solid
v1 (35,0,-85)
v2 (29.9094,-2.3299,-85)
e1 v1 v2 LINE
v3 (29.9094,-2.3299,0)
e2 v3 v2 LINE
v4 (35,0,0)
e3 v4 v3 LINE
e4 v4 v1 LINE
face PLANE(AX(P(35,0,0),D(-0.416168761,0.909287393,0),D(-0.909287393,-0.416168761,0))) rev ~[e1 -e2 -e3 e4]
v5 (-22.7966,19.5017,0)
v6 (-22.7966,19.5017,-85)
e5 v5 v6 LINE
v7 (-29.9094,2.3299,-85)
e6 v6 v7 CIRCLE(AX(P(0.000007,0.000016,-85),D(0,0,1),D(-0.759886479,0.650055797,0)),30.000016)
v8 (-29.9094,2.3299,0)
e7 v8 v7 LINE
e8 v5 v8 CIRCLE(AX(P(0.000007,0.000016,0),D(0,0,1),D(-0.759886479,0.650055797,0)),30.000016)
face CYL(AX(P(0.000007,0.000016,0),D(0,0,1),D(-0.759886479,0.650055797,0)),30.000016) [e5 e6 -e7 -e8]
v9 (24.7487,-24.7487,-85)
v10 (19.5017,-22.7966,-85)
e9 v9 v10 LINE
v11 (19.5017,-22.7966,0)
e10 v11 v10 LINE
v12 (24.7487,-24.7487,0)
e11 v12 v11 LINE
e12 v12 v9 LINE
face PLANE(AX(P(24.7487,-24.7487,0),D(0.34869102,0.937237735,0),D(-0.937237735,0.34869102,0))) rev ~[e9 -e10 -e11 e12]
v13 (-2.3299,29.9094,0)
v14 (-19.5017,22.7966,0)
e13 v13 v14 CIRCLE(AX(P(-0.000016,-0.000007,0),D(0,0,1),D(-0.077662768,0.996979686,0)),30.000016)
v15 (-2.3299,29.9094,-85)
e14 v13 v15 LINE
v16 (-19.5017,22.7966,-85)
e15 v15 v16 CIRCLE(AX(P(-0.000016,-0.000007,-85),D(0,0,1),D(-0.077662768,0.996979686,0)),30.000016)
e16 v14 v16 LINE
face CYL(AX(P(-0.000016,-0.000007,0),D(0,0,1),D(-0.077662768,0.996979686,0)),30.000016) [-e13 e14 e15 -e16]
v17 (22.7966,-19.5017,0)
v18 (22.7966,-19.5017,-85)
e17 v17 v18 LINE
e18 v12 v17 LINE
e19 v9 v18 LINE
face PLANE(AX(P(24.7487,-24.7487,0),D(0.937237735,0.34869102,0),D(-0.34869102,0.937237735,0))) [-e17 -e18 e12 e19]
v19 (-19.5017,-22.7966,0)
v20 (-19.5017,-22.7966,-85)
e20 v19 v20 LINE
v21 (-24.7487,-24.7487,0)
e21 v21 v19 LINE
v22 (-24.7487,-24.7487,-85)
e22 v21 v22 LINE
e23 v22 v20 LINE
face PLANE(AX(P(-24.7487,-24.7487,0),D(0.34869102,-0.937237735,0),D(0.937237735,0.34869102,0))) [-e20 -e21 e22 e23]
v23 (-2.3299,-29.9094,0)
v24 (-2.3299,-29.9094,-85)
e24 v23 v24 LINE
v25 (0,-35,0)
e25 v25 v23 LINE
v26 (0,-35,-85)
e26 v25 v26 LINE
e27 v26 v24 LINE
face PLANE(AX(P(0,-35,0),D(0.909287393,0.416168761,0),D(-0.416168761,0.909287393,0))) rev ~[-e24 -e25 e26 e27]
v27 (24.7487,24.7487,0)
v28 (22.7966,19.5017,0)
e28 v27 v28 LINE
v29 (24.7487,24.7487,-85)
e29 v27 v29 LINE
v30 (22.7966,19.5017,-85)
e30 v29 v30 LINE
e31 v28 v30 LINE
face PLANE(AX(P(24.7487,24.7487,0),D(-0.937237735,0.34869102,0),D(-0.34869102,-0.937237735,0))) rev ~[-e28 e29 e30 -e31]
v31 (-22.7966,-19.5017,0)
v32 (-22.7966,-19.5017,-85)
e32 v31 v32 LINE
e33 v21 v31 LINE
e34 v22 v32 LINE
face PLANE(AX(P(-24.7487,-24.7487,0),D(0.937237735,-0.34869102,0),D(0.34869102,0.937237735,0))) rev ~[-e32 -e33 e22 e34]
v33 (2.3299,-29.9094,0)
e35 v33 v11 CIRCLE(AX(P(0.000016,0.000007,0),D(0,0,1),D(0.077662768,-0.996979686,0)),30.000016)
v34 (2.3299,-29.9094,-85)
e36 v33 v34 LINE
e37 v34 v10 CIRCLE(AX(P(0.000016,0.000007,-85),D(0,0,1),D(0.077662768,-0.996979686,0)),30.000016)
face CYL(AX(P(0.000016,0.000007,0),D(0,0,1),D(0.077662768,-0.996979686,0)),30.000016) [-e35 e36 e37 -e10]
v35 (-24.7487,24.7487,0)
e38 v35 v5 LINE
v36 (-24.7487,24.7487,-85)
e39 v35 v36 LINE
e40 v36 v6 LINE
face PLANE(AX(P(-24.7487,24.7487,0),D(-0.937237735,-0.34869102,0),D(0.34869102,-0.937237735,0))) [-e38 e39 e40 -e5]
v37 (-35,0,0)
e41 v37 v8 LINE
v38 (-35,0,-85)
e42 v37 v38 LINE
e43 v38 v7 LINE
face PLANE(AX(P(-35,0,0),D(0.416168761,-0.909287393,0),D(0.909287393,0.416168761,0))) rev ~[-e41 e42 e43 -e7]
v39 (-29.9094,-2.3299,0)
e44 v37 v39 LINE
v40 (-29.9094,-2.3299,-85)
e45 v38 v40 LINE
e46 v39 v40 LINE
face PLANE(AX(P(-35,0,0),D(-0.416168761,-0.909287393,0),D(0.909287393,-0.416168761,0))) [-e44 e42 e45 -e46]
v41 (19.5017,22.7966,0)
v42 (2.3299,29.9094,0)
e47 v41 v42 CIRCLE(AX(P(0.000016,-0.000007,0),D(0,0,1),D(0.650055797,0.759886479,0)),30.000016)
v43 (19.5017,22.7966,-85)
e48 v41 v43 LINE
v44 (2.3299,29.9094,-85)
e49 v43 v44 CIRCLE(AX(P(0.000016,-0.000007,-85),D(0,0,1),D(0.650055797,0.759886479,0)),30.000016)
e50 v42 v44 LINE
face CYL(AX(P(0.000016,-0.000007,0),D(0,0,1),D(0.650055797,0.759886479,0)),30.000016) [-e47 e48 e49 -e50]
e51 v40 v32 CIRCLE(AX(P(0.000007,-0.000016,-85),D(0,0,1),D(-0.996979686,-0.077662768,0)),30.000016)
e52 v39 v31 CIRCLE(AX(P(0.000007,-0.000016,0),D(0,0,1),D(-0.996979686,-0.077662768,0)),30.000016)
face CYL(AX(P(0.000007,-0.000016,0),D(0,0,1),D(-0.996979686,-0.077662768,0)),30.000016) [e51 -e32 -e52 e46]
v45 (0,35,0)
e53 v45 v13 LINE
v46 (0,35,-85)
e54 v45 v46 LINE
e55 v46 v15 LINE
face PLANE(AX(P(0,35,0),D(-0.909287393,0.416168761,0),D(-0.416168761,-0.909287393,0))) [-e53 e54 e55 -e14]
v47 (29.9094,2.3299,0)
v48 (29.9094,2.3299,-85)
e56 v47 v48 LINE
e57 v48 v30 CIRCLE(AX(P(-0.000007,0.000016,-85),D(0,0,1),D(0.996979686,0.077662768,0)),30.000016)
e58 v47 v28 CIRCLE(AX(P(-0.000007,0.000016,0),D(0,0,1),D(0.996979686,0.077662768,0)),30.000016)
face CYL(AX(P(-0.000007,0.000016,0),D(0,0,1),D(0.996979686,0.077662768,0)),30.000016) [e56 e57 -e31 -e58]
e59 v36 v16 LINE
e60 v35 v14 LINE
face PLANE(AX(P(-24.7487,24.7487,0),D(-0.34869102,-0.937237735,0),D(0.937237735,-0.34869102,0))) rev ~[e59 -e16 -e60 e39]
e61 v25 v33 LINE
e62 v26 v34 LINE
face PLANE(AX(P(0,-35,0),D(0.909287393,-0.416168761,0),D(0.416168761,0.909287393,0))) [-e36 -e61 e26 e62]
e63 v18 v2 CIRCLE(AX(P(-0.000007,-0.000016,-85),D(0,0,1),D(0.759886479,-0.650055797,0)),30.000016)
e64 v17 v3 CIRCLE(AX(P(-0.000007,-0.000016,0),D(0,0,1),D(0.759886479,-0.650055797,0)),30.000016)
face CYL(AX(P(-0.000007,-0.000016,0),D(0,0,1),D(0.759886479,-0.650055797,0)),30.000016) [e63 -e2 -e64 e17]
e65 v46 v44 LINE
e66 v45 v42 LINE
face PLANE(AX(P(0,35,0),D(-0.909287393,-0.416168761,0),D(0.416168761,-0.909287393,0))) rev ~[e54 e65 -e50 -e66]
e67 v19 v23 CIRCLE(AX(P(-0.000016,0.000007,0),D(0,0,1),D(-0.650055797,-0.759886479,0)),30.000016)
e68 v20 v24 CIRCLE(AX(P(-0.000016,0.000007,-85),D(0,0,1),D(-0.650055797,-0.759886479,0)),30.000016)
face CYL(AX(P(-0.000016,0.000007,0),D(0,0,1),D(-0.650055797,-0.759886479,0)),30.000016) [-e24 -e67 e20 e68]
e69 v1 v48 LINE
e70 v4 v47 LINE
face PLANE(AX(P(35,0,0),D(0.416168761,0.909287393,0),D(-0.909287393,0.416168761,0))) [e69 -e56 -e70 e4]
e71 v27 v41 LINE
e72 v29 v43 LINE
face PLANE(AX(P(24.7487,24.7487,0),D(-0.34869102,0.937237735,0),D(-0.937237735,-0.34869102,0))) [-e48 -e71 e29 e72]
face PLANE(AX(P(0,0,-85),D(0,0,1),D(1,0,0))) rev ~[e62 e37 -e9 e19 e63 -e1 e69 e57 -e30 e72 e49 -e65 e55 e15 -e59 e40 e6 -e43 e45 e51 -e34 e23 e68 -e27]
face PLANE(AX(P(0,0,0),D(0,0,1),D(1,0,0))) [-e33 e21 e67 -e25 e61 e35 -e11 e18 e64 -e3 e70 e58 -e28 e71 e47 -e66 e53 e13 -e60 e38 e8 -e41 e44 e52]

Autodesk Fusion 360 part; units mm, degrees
sketch "Boceto1" plane through (0, 0, 0) normal (0, 0, 1) x (1, 0, 0)
  line L0 (0, 35) -> (-2.3299, 29.9094)
  line L1 (0, 35) -> (2.3299, 29.9094)
  line L2 (-24.7487, 24.7487) -> (-19.5017, 22.7966)
  line L3 (-24.7487, 24.7487) -> (-22.7966, 19.5017)
  line L4 (-35, 0) -> (-29.9094, 2.3299)
  line L5 (-35, 0) -> (-29.9094, -2.3299)
  line L6 (-24.7487, -24.7487) -> (-22.7966, -19.5017)
  line L7 (-24.7487, -24.7487) -> (-19.5017, -22.7966)
  line L8 (0, -35) -> (-2.3299, -29.9094)
  line L9 (0, -35) -> (2.3299, -29.9094)
  line L10 (24.7487, -24.7487) -> (19.5017, -22.7966)
  line L11 (24.7487, -24.7487) -> (22.7966, -19.5017)
  line L12 (35, 0) -> (29.9094, -2.3299)
  line L13 (35, 0) -> (29.9094, 2.3299)
  line L14 (24.7487, 24.7487) -> (22.7966, 19.5017)
  line L15 (24.7487, 24.7487) -> (19.5017, 22.7966)
  arc A0 (-2.3299, 29.9094) -> (-19.5017, 22.7966) centre (0, 0) ccw
  arc A1 (19.5017, 22.7966) -> (2.3299, 29.9094) centre (0, 0) ccw
  arc A2 (29.9094, 2.3299) -> (22.7966, 19.5017) centre (0, 0) ccw
  arc A3 (22.7966, -19.5017) -> (29.9094, -2.3299) centre (0, 0) ccw
  arc A4 (2.3299, -29.9094) -> (19.5017, -22.7966) centre (0, 0) ccw
  arc A5 (-19.5017, -22.7966) -> (-2.3299, -29.9094) centre (0, 0) ccw
  arc A6 (-22.7966, 19.5017) -> (-29.9094, 2.3299) centre (0, 0) ccw
  arc A7 (-29.9094, -2.3299) -> (-22.7966, -19.5017) centre (0, 0) ccw
  dimension "d1" = 60
  dimension "d3" = 360
extrude "Extruir1" add sketch "Boceto1" against normal blind 85
